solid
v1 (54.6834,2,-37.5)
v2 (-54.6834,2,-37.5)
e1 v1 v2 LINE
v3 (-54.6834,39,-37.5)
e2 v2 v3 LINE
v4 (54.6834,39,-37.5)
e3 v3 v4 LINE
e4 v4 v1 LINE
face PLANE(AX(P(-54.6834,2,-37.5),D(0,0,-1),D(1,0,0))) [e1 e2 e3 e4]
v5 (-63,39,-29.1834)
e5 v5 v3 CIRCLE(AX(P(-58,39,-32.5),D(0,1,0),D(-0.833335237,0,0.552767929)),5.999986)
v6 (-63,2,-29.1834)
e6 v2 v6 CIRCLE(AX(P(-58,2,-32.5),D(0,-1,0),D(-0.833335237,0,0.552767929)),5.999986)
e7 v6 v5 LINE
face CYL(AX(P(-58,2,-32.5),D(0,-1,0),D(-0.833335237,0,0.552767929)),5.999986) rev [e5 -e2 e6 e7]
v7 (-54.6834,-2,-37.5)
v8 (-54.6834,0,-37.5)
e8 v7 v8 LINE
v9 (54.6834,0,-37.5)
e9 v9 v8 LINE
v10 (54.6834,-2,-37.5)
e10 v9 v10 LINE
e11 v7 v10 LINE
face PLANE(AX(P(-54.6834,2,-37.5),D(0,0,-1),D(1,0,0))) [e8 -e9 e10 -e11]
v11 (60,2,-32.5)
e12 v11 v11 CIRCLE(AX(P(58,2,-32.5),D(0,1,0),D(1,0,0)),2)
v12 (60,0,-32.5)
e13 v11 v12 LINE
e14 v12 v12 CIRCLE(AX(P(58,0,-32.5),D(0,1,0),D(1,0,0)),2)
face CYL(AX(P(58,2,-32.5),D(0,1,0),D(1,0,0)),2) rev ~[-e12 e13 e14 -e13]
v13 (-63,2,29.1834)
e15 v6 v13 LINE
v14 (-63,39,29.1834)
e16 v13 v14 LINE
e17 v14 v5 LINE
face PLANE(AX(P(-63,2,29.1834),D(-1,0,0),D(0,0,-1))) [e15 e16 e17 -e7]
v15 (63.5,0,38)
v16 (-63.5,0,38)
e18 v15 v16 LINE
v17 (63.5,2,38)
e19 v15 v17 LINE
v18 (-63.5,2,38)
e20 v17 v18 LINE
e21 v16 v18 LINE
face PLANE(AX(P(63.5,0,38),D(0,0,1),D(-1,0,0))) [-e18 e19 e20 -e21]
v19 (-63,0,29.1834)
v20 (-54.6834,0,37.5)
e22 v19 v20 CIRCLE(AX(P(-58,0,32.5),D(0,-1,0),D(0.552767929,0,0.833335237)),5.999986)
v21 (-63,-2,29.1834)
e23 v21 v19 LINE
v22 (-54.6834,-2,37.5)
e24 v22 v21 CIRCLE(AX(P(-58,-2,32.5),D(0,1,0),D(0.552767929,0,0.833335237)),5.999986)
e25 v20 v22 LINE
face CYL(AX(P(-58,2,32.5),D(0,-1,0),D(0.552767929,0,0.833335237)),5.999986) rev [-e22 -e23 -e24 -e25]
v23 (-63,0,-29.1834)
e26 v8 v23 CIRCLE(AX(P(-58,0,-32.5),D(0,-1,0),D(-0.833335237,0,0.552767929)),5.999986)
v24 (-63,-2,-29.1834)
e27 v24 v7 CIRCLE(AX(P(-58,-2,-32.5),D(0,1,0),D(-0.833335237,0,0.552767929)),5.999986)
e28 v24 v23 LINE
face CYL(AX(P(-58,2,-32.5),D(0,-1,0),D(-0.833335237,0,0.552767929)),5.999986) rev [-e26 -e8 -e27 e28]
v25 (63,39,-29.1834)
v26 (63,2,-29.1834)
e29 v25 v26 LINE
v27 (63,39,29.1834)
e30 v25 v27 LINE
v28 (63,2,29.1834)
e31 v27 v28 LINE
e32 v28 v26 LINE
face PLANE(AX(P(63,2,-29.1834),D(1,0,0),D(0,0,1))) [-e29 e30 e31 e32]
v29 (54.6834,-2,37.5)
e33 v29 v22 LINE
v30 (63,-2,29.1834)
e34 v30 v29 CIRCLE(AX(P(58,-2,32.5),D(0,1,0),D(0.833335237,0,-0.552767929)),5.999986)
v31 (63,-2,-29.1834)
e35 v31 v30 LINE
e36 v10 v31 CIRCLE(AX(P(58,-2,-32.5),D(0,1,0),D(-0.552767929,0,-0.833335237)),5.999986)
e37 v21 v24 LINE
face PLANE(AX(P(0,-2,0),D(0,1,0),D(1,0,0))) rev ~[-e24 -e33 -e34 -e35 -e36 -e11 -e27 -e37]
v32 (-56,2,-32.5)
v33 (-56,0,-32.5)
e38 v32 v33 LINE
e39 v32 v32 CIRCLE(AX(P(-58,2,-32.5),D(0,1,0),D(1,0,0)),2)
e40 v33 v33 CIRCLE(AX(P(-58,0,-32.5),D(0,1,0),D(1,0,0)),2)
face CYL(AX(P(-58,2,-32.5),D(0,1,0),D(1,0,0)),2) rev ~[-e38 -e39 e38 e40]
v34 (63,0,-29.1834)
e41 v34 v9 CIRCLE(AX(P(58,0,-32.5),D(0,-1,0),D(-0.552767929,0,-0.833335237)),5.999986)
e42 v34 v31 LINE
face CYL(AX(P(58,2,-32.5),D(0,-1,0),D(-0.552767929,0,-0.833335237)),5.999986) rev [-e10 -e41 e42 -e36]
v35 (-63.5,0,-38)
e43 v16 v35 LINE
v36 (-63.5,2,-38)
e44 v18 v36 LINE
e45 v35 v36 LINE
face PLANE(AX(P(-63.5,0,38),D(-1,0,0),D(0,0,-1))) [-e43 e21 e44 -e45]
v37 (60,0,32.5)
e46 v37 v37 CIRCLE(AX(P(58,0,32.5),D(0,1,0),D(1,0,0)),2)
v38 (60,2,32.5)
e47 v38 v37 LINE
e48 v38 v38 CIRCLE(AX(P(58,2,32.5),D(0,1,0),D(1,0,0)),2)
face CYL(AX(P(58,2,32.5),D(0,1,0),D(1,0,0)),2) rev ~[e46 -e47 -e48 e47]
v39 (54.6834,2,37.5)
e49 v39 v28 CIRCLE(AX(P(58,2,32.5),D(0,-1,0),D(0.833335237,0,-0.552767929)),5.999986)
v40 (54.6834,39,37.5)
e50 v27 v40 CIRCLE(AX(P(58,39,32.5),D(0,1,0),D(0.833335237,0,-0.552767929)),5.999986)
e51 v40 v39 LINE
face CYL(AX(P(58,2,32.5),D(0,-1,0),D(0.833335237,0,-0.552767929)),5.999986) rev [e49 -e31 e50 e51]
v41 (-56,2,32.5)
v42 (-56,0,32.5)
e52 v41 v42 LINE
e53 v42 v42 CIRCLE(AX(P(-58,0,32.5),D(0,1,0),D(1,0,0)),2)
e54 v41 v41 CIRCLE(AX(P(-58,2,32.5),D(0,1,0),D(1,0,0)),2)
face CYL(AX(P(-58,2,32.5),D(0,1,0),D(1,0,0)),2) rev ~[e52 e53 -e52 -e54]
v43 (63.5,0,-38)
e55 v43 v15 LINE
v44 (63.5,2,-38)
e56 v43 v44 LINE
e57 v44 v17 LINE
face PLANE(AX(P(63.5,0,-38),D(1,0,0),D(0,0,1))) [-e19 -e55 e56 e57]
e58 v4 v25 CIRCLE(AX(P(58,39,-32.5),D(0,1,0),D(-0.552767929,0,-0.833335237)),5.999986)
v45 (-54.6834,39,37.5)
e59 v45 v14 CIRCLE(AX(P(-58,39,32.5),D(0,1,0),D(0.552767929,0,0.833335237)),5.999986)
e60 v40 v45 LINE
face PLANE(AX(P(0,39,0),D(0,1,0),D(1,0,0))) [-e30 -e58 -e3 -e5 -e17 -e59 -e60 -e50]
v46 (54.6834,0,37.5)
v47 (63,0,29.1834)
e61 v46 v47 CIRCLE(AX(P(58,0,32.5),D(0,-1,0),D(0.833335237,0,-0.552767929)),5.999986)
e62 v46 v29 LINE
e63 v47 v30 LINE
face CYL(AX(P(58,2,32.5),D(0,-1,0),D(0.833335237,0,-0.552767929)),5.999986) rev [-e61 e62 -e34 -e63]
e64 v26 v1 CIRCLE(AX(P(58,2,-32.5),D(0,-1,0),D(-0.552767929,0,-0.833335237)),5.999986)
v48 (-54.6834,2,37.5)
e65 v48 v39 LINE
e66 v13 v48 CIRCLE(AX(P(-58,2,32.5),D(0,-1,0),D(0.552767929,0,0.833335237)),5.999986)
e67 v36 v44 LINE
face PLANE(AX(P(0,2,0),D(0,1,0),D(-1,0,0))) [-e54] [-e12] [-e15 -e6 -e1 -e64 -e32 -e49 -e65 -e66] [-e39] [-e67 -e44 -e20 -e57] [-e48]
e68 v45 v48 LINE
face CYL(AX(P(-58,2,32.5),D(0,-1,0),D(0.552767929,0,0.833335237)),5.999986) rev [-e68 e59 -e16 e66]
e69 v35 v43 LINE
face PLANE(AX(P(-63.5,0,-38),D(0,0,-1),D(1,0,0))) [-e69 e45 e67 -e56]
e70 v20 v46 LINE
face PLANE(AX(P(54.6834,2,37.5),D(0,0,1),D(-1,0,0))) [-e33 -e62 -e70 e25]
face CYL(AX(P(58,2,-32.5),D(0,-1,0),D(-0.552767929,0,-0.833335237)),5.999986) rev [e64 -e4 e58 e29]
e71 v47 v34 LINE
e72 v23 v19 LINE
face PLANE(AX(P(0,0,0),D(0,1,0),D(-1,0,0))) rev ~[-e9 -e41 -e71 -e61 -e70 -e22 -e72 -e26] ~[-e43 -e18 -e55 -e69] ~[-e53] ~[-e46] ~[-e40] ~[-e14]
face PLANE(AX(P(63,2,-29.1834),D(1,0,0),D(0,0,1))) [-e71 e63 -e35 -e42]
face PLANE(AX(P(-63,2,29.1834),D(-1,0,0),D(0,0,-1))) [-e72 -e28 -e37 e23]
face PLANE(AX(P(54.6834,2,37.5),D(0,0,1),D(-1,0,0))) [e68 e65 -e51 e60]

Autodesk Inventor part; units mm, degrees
ref_plane "YZ Plane" through (0, 0, 0) normal (1, 0, 0) x (0, 1, 0)
ref_plane "XZ Plane" through (0, 0, 0) normal (0, 1, 0) x (-1, 0, 0)
ref_plane "XY Plane" through (0, 0, 0) normal (0, 0, 1) x (1, 0, 0)
sketch "Skizze1" plane through (0, 0, 0) normal (0, 1, 0) x (-1, 0, 0)
  line L0 (63.5, -38) -> (-63.5, -38)
  line L1 (-63.5, -38) -> (-63.5, 38)
  line L2 (-63.5, 38) -> (63.5, 38)
  line L3 (63.5, 38) -> (63.5, -38)
  point P0 (0, 0)
  point P1 (0, -38)
  point P2 (63.5, 0)
  dimension "d0" = 76
  dimension "d1" = 127
extrude "Extrusion1" add sketch "Skizze1" along normal blind 2
sketch "Skizze2" plane through (0, 2, 0) normal (0, 1, 0) x (1, 0, 0)
  circle A0 centre (-58, 32.5) radius 2
  circle A1 centre (-58, -32.5) radius 2
  circle A2 centre (58, -32.5) radius 2
  circle A3 centre (58, 32.5) radius 2
  point P0 (0, 0)
  dimension "d4" = 4
  dimension "d5" = 4
  dimension "d6" = 4
  dimension "d7" = 4
  dimension "d8" = 116
  dimension "d9" = 58
  dimension "d10" = 65
  dimension "d11" = 32.5
extrude "Extrusion2" cut sketch "Skizze2" against normal through all
sketch "Skizze4" plane through (0, 2, 0) normal (0, 1, 0) x (1, 0, 0)
  line L0 (-54.6834, 37.5) -> (54.6834, 37.5)
  line L1 (63, 29.1834) -> (63, -29.1834)
  line L2 (54.6834, -37.5) -> (-54.6834, -37.5)
  line L3 (-63, -29.1834) -> (-63, 29.1834)
  line L4 (63.5, -38) -> (63.5, 38) projected
  line L5 (63.5, 38) -> (-63.5, 38) projected
  line L6 (-63.5, -38) -> (63.5, -38) projected
  line L7 (-63.5, 38) -> (-63.5, -38) projected
  circle A0 centre (-58, 32.5) radius 2 projected
  circle A1 centre (-58, -32.5) radius 2 projected
  arc A2 (-54.6834, -37.5) -> (-63, -29.1834) centre (-58, -32.5) ccw
  circle A3 centre (58, -32.5) radius 2 projected
  arc A4 (63, -29.1834) -> (54.6834, -37.5) centre (58, -32.5) ccw
  arc A5 (54.6834, 37.5) -> (63, 29.1834) centre (58, 32.5) ccw
  circle A6 centre (58, 32.5) radius 2 projected
  arc A7 (-63, 29.1834) -> (-54.6834, 37.5) centre (-58, 32.5) ccw
  point P0 (0, 0)
  point P1 (60.3979, -38)
  point P2 (63.5, -34.8979)
  point P3 (-60.3979, -38)
  dimension "d14" = 0.5
  dimension "d15" = 0.5
  dimension "d16" = 0.5
  dimension "d17" = 0.5
  dimension "d19" = 6
  dimension "d21" = 6
  dimension "d22" = 6
  dimension "d27" = 6
extrude "Extrusion3" add sketch "Skizze4" along normal blind 37 and the other way blind 4 contours L0 A5 L1 A4 L2 A2 L3 A7
equation "\"d5\" = d4"
equation "\"d6\" = d4"
equation "\"d7\" = d4"
equation "\"d9\" = 0.5 * d8"
equation "\"d11\" = 0.5 * d10"
equation "\"d14\" = d15"
equation "\"d16\" = d15"
equation "\"d17\" = d15"
equation "\"d19\" = d20"
equation "\"d21\" = d20"
equation "\"d22\" = d27"
equation "\"d20\" = 6"
properties part number "netzteil_12V"
